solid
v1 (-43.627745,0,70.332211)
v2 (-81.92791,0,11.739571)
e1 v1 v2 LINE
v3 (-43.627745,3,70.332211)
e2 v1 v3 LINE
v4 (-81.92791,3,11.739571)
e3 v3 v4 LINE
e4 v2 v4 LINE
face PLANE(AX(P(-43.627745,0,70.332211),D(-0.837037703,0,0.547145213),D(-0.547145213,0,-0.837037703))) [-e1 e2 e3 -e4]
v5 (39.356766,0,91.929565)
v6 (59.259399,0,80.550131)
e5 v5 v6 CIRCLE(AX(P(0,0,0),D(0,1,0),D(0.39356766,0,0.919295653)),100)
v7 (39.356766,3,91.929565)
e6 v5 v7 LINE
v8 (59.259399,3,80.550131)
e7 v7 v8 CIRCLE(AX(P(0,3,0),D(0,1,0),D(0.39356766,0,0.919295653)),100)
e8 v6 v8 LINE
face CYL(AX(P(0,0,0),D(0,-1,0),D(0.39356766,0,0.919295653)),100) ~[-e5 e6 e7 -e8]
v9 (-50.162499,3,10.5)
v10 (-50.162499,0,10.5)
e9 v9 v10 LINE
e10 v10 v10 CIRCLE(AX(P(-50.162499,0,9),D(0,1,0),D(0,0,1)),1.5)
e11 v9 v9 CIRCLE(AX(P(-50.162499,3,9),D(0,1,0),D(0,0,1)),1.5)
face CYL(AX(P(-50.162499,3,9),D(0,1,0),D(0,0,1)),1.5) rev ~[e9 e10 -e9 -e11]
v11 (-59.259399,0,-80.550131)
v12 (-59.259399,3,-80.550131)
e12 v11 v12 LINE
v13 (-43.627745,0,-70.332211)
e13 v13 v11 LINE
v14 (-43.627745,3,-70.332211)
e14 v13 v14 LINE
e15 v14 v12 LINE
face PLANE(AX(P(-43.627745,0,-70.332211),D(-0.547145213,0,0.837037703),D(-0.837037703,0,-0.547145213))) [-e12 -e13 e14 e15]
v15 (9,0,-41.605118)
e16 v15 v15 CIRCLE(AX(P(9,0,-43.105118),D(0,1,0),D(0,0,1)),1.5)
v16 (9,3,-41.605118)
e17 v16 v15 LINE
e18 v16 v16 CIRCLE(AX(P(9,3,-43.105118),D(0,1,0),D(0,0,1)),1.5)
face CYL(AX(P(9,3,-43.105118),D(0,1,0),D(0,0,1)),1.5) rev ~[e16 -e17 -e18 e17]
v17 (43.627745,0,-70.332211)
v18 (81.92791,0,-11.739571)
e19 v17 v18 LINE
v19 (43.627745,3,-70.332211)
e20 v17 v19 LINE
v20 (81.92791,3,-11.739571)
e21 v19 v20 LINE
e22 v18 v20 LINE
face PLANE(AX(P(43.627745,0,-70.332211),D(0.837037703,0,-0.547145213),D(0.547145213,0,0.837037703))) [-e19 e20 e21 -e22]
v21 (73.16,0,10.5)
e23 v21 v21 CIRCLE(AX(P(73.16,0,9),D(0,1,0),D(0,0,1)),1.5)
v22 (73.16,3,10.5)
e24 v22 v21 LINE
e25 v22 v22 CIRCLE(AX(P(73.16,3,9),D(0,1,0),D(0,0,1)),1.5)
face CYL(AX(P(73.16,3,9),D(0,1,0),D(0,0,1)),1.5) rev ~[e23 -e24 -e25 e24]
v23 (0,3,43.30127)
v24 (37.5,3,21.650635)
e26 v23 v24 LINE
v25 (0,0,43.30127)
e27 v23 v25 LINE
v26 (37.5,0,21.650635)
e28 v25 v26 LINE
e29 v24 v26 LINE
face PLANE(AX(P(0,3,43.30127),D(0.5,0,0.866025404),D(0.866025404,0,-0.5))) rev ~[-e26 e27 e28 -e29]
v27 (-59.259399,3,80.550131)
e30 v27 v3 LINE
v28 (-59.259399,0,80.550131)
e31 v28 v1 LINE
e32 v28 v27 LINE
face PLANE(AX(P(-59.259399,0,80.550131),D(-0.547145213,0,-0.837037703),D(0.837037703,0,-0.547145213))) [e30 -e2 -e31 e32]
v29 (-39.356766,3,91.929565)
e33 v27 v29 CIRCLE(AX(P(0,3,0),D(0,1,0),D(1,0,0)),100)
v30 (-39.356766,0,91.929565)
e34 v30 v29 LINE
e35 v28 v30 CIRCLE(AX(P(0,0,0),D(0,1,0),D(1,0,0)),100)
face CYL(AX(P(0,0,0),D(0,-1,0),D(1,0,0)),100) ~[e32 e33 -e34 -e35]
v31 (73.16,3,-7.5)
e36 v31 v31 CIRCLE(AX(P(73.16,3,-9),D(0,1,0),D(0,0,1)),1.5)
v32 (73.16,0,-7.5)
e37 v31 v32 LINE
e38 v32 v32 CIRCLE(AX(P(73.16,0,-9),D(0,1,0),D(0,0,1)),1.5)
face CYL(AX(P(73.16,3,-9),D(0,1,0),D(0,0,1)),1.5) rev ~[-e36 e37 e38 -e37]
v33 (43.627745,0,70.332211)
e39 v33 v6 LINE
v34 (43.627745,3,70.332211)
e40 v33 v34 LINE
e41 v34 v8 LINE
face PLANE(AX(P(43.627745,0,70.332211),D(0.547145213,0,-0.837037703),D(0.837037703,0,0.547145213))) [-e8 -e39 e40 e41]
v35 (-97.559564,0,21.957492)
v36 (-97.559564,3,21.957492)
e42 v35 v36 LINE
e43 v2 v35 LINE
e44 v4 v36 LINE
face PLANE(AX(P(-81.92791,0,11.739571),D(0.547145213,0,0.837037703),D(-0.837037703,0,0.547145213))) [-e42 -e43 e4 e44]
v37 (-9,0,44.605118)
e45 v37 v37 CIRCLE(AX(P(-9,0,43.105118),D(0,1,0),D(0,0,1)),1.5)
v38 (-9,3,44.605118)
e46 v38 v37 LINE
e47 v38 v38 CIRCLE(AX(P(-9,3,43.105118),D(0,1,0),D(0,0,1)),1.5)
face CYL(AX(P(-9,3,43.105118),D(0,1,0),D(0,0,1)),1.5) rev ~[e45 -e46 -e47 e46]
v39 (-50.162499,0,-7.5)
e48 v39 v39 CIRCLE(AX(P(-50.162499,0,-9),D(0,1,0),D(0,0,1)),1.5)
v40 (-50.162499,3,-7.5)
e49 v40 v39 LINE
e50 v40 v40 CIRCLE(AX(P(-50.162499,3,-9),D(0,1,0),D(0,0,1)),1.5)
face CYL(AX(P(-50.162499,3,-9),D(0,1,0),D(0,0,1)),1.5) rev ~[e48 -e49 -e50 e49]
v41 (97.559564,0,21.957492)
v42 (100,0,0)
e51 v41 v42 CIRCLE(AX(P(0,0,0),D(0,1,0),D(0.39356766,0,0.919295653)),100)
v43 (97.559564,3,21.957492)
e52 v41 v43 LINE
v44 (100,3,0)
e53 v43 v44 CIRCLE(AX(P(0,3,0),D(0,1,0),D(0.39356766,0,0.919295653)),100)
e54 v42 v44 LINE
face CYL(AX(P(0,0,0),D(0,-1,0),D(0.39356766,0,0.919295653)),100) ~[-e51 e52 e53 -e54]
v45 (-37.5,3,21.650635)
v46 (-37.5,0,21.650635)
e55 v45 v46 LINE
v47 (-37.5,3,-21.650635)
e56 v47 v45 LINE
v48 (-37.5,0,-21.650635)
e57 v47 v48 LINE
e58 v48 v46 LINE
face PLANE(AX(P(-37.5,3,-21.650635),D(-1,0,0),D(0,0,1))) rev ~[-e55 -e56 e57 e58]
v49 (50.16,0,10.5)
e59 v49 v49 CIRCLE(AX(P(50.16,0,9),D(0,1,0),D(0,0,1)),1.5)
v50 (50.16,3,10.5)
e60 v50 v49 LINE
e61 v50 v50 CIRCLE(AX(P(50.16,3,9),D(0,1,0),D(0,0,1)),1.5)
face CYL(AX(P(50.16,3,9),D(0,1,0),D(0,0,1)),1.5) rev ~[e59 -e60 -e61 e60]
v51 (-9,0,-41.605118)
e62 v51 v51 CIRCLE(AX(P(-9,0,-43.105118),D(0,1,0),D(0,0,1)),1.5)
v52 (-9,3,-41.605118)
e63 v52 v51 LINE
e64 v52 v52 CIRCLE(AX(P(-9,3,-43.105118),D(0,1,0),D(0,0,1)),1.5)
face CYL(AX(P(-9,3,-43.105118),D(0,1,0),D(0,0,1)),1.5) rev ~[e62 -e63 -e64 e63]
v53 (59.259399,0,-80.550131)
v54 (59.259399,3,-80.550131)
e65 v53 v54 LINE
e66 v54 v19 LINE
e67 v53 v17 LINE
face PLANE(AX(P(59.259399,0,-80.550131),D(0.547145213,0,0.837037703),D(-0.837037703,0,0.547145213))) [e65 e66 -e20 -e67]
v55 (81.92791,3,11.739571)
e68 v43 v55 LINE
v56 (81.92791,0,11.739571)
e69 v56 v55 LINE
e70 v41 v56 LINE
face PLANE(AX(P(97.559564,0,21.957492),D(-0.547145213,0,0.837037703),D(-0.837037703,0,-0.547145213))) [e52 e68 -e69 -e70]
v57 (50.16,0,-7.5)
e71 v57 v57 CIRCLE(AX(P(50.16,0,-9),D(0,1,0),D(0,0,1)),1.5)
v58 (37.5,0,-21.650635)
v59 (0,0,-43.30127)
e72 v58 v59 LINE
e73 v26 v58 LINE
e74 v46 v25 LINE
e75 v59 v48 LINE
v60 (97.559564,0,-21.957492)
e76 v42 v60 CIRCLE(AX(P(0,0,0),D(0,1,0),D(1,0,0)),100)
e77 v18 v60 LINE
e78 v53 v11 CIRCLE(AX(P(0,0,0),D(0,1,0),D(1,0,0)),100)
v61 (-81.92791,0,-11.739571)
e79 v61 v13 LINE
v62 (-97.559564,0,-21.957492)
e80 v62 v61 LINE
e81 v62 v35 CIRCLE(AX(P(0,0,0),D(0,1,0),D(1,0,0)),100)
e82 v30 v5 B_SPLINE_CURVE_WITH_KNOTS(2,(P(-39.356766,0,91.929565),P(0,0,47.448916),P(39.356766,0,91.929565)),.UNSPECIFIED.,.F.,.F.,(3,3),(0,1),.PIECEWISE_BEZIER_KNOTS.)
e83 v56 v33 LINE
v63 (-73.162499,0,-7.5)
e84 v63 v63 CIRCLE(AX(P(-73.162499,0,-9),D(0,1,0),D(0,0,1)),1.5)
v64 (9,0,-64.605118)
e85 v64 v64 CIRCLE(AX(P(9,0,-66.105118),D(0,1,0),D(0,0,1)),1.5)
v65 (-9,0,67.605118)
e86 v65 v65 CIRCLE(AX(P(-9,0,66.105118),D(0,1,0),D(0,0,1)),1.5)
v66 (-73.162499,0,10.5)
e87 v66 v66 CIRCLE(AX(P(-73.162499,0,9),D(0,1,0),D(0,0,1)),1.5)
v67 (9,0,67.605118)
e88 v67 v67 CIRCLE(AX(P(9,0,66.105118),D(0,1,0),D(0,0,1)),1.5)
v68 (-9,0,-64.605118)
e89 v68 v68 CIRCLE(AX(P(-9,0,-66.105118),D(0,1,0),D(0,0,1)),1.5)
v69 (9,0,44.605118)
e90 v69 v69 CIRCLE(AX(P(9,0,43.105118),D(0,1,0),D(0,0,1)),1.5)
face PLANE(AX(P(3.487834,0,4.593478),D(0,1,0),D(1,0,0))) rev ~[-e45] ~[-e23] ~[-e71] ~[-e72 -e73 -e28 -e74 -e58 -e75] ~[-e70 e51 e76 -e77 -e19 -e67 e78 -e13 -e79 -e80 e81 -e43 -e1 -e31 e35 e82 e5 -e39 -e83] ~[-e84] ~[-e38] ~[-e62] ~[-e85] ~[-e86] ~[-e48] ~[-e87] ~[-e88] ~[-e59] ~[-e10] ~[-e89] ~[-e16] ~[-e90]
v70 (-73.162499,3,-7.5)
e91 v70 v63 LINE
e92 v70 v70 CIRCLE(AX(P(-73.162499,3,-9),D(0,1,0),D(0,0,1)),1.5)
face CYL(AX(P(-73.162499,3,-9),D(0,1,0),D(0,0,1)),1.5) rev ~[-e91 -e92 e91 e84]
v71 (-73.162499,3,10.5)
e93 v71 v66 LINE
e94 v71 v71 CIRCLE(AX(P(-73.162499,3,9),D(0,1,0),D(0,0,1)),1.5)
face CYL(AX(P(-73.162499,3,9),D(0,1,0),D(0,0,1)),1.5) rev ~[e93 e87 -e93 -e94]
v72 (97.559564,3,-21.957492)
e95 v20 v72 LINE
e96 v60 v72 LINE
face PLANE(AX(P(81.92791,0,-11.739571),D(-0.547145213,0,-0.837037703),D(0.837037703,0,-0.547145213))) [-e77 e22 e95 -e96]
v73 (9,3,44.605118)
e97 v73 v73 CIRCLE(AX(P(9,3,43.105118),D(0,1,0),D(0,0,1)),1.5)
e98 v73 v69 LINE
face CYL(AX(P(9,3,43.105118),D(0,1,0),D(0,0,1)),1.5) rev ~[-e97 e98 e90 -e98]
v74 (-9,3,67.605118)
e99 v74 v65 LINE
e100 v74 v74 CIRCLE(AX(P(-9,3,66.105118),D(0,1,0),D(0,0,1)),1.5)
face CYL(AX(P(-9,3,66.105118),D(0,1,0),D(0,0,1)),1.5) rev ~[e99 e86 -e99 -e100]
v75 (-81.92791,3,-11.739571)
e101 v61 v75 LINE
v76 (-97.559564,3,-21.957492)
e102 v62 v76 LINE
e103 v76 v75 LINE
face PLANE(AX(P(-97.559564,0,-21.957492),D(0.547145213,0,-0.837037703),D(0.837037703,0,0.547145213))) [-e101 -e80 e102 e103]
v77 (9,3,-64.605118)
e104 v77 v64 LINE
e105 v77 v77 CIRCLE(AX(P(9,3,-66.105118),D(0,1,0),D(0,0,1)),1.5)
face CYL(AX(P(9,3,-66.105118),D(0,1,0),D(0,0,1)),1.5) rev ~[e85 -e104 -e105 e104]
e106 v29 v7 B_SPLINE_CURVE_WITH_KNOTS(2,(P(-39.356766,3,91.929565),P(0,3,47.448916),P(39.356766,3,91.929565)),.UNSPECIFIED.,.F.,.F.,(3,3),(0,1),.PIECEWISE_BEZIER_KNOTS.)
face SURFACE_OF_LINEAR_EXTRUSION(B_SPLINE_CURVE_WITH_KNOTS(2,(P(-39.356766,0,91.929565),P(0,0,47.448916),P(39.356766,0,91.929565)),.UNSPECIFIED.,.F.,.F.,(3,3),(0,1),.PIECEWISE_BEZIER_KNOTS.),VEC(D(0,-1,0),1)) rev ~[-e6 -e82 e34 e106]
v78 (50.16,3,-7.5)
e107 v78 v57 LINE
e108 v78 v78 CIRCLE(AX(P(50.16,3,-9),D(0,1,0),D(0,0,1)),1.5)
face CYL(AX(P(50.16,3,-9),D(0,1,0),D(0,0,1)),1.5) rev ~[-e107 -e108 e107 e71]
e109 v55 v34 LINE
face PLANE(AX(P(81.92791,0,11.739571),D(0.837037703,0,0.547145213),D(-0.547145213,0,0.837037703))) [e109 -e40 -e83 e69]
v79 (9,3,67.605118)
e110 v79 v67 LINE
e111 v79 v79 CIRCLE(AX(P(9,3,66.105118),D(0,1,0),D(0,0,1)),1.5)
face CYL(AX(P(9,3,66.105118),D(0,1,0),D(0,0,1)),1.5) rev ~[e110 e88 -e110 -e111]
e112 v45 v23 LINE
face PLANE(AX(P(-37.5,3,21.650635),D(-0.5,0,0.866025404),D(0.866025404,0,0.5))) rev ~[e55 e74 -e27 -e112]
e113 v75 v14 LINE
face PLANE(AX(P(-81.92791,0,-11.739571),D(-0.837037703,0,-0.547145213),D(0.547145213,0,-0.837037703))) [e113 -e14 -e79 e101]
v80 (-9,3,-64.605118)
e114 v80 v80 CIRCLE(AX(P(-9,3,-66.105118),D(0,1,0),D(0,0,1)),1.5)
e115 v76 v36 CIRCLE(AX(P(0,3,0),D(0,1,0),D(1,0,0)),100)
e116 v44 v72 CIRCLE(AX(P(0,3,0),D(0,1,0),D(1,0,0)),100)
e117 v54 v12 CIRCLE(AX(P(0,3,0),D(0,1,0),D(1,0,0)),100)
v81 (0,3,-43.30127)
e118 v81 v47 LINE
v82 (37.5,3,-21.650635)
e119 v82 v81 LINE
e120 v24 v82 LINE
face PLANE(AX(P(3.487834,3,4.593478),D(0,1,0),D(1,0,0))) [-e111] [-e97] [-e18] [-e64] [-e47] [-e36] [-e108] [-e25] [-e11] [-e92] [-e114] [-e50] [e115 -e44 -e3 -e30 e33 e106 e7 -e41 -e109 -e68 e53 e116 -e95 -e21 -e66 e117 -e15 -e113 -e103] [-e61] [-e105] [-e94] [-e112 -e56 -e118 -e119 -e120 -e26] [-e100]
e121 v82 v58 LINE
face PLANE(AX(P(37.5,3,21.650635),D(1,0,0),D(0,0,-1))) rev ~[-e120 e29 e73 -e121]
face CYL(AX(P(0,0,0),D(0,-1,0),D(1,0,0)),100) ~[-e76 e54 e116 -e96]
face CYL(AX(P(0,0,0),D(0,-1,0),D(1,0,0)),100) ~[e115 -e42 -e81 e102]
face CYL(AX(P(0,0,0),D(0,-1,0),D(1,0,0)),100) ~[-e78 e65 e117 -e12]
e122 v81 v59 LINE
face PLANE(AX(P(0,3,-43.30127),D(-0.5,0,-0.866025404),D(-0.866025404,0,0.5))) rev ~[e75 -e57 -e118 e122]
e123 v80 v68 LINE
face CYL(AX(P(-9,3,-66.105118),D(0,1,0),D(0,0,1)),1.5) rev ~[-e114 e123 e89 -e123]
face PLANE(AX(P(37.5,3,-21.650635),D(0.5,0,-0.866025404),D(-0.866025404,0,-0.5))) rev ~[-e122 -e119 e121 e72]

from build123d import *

# Parameters (mm, degrees)
BOSS_EXTRUDE1_DEPTH = 3
CUT_EXTRUDE1_START  = -3
CUT_EXTRUDE1_DEPTH  = 3
CUT_EXTRUDE2_DEPTH  = 3
SKETCH5_R           = 1.5
CUT_EXTRUDE4_DEPTH  = 3


with BuildPart() as part:
    # Sketch2 → Boss-Extrude1 (new body)
    with BuildSketch(Plane(origin=(0, 0, 0), x_dir=(1, 0, 0), z_dir=(0, 1, 0))):
        with BuildLine():
            ThreePointArc((100, 0), (-55.065067857, 83.473578466), (-39.356766037, -91.92956525))
            add(Edge.make_bspline(
                [(-39.356766037, -91.92956525), (-19.678383019, -69.689240506), (0, -69.689240506)],
                knots=[0, 0, 0, 0.5, 0.5, 0.5], degree=2))
            add(Edge.make_bspline(
                [(0, -69.689240506), (19.678383019, -69.689240506), (39.356766037, -91.92956525)],
                knots=[0.5, 0.5, 0.5, 1, 1, 1], degree=2))
            ThreePointArc((39.356766037, -91.92956525), (83.473578466, -55.065067857), (100, 0))
        make_face()
    extrude(amount=BOSS_EXTRUDE1_DEPTH)

    # Sketch3 → Cut-Extrude1 (cut)
    with BuildSketch(Plane(origin=(0, 3, 0), x_dir=(1, 0, 0), z_dir=(0, 1, 0)).offset(CUT_EXTRUDE1_START)):
        with BuildLine():
            ThreePointArc((-83.703770268, 54.714521317), (-92.099700567, 38.95696543), (-97.559564128, 21.957491822))
            Line((-97.559564128, 21.957491822), (-81.927910162, 11.739571394))
            Line((-81.927910162, 11.739571394), (-43.62774524, 70.332210581))
            Line((-43.62774524, 70.332210581), (-59.259399207, 80.55013101))
            ThreePointArc((-59.259399207, 80.55013101), (-72.639428953, 68.727820869), (-83.703770268, 54.714521317))
        make_face()
        with BuildLine():
            ThreePointArc((83.703770268, 54.714521317), (72.639428953, 68.727820869), (59.259399207, 80.55013101))
            Line((59.259399207, 80.55013101), (43.62774524, 70.332210581))
            Line((43.62774524, 70.332210581), (81.927910162, 11.739571394))
            Line((81.927910162, 11.739571394), (97.559564128, 21.957491822))
            ThreePointArc((97.559564128, 21.957491822), (92.099700567, 38.95696543), (83.703770268, 54.714521317))
        make_face()
        with BuildLine():
            ThreePointArc((83.703770268, -54.714521317), (92.099700567, -38.95696543), (97.559564128, -21.957491822))
            Line((97.559564128, -21.957491822), (81.927910162, -11.739571394))
            Line((81.927910162, -11.739571394), (43.62774524, -70.332210581))
            Line((43.62774524, -70.332210581), (59.259399207, -80.55013101))
            ThreePointArc((59.259399207, -80.55013101), (72.639428953, -68.727820869), (83.703770268, -54.714521317))
        make_face()
        with BuildLine():
            ThreePointArc((-97.559564128, -21.957491822), (-92.099700567, -38.95696543), (-83.703770268, -54.714521317))
            ThreePointArc((-83.703770268, -54.714521317), (-72.639428953, -68.727820869), (-59.259399207, -80.55013101))
            Line((-59.259399207, -80.55013101), (-43.62774524, -70.332210581))
            Line((-43.62774524, -70.332210581), (-81.927910162, -11.739571394))
            Line((-81.927910162, -11.739571394), (-97.559564128, -21.957491822))
        make_face()
    extrude(amount=CUT_EXTRUDE1_DEPTH, mode=Mode.SUBTRACT)

    # Sketch4 → Cut-Extrude2 (cut)
    with BuildSketch(Plane(origin=(0, 3, 0), x_dir=(1, 0, 0), z_dir=(0, 1, 0))):
        Polygon((0, 43.301270189), (-37.5, 21.650635095), (-37.5, -21.650635095), (0, -43.301270189), (37.5, -21.650635095), (37.5, 21.650635095), align=None)
    extrude(amount=-CUT_EXTRUDE2_DEPTH, mode=Mode.SUBTRACT)

    # Sketch5 → Cut-Extrude4 (cut)
    with BuildSketch(Plane(origin=(0, 3, 0), x_dir=(1, 0, 0), z_dir=(0, 1, 0))):
        with Locations(Location((-73.162499204, 9, 0), (0, 0, 270))):
            Circle(SKETCH5_R)
        with Locations(Location((-73.162499204, -9, 0), (0, 0, 270))):
            Circle(SKETCH5_R)
        with Locations(Location((-50.162499204, -9, 0), (0, 0, 270))):
            Circle(SKETCH5_R)
        with Locations(Location((-50.162499204, 9, 0), (0, 0, 270))):
            Circle(SKETCH5_R)
        with Locations(Location((9, 66.105117767, 0), (0, 0, 270))):
            Circle(SKETCH5_R)
        with Locations(Location((-9, 66.105117767, 0), (0, 0, 270))):
            Circle(SKETCH5_R)
        with Locations(Location((-9, 43.105117767, 0), (0, 0, 270))):
            Circle(SKETCH5_R)
        with Locations(Location((9, 43.105117767, 0), (0, 0, 270))):
            Circle(SKETCH5_R)
        with Locations(Location((73.16, 9, 0), (0, 0, 270))):
            Circle(SKETCH5_R)
        with Locations(Location((50.16, -9, 0), (0, 0, 270))):
            Circle(SKETCH5_R)
        with Locations(Location((9, -43.105117767, 0), (0, 0, 270))):
            Circle(SKETCH5_R)
        with Locations(Location((-9, -43.105117767, 0), (0, 0, 270))):
            Circle(SKETCH5_R)
        with Locations(Location((-9, -66.105117767, 0), (0, 0, 270))):
            Circle(SKETCH5_R)
        with Locations(Location((9, -66.105117767, 0), (0, 0, 270))):
            Circle(SKETCH5_R)
        with Locations(Location((50.16, 9, 0), (0, 0, 270))):
            Circle(SKETCH5_R)
        with Locations(Location((73.16, -9, 0), (0, 0, 270))):
            Circle(SKETCH5_R)
    extrude(amount=-CUT_EXTRUDE4_DEPTH, mode=Mode.SUBTRACT)


solid = part.part
